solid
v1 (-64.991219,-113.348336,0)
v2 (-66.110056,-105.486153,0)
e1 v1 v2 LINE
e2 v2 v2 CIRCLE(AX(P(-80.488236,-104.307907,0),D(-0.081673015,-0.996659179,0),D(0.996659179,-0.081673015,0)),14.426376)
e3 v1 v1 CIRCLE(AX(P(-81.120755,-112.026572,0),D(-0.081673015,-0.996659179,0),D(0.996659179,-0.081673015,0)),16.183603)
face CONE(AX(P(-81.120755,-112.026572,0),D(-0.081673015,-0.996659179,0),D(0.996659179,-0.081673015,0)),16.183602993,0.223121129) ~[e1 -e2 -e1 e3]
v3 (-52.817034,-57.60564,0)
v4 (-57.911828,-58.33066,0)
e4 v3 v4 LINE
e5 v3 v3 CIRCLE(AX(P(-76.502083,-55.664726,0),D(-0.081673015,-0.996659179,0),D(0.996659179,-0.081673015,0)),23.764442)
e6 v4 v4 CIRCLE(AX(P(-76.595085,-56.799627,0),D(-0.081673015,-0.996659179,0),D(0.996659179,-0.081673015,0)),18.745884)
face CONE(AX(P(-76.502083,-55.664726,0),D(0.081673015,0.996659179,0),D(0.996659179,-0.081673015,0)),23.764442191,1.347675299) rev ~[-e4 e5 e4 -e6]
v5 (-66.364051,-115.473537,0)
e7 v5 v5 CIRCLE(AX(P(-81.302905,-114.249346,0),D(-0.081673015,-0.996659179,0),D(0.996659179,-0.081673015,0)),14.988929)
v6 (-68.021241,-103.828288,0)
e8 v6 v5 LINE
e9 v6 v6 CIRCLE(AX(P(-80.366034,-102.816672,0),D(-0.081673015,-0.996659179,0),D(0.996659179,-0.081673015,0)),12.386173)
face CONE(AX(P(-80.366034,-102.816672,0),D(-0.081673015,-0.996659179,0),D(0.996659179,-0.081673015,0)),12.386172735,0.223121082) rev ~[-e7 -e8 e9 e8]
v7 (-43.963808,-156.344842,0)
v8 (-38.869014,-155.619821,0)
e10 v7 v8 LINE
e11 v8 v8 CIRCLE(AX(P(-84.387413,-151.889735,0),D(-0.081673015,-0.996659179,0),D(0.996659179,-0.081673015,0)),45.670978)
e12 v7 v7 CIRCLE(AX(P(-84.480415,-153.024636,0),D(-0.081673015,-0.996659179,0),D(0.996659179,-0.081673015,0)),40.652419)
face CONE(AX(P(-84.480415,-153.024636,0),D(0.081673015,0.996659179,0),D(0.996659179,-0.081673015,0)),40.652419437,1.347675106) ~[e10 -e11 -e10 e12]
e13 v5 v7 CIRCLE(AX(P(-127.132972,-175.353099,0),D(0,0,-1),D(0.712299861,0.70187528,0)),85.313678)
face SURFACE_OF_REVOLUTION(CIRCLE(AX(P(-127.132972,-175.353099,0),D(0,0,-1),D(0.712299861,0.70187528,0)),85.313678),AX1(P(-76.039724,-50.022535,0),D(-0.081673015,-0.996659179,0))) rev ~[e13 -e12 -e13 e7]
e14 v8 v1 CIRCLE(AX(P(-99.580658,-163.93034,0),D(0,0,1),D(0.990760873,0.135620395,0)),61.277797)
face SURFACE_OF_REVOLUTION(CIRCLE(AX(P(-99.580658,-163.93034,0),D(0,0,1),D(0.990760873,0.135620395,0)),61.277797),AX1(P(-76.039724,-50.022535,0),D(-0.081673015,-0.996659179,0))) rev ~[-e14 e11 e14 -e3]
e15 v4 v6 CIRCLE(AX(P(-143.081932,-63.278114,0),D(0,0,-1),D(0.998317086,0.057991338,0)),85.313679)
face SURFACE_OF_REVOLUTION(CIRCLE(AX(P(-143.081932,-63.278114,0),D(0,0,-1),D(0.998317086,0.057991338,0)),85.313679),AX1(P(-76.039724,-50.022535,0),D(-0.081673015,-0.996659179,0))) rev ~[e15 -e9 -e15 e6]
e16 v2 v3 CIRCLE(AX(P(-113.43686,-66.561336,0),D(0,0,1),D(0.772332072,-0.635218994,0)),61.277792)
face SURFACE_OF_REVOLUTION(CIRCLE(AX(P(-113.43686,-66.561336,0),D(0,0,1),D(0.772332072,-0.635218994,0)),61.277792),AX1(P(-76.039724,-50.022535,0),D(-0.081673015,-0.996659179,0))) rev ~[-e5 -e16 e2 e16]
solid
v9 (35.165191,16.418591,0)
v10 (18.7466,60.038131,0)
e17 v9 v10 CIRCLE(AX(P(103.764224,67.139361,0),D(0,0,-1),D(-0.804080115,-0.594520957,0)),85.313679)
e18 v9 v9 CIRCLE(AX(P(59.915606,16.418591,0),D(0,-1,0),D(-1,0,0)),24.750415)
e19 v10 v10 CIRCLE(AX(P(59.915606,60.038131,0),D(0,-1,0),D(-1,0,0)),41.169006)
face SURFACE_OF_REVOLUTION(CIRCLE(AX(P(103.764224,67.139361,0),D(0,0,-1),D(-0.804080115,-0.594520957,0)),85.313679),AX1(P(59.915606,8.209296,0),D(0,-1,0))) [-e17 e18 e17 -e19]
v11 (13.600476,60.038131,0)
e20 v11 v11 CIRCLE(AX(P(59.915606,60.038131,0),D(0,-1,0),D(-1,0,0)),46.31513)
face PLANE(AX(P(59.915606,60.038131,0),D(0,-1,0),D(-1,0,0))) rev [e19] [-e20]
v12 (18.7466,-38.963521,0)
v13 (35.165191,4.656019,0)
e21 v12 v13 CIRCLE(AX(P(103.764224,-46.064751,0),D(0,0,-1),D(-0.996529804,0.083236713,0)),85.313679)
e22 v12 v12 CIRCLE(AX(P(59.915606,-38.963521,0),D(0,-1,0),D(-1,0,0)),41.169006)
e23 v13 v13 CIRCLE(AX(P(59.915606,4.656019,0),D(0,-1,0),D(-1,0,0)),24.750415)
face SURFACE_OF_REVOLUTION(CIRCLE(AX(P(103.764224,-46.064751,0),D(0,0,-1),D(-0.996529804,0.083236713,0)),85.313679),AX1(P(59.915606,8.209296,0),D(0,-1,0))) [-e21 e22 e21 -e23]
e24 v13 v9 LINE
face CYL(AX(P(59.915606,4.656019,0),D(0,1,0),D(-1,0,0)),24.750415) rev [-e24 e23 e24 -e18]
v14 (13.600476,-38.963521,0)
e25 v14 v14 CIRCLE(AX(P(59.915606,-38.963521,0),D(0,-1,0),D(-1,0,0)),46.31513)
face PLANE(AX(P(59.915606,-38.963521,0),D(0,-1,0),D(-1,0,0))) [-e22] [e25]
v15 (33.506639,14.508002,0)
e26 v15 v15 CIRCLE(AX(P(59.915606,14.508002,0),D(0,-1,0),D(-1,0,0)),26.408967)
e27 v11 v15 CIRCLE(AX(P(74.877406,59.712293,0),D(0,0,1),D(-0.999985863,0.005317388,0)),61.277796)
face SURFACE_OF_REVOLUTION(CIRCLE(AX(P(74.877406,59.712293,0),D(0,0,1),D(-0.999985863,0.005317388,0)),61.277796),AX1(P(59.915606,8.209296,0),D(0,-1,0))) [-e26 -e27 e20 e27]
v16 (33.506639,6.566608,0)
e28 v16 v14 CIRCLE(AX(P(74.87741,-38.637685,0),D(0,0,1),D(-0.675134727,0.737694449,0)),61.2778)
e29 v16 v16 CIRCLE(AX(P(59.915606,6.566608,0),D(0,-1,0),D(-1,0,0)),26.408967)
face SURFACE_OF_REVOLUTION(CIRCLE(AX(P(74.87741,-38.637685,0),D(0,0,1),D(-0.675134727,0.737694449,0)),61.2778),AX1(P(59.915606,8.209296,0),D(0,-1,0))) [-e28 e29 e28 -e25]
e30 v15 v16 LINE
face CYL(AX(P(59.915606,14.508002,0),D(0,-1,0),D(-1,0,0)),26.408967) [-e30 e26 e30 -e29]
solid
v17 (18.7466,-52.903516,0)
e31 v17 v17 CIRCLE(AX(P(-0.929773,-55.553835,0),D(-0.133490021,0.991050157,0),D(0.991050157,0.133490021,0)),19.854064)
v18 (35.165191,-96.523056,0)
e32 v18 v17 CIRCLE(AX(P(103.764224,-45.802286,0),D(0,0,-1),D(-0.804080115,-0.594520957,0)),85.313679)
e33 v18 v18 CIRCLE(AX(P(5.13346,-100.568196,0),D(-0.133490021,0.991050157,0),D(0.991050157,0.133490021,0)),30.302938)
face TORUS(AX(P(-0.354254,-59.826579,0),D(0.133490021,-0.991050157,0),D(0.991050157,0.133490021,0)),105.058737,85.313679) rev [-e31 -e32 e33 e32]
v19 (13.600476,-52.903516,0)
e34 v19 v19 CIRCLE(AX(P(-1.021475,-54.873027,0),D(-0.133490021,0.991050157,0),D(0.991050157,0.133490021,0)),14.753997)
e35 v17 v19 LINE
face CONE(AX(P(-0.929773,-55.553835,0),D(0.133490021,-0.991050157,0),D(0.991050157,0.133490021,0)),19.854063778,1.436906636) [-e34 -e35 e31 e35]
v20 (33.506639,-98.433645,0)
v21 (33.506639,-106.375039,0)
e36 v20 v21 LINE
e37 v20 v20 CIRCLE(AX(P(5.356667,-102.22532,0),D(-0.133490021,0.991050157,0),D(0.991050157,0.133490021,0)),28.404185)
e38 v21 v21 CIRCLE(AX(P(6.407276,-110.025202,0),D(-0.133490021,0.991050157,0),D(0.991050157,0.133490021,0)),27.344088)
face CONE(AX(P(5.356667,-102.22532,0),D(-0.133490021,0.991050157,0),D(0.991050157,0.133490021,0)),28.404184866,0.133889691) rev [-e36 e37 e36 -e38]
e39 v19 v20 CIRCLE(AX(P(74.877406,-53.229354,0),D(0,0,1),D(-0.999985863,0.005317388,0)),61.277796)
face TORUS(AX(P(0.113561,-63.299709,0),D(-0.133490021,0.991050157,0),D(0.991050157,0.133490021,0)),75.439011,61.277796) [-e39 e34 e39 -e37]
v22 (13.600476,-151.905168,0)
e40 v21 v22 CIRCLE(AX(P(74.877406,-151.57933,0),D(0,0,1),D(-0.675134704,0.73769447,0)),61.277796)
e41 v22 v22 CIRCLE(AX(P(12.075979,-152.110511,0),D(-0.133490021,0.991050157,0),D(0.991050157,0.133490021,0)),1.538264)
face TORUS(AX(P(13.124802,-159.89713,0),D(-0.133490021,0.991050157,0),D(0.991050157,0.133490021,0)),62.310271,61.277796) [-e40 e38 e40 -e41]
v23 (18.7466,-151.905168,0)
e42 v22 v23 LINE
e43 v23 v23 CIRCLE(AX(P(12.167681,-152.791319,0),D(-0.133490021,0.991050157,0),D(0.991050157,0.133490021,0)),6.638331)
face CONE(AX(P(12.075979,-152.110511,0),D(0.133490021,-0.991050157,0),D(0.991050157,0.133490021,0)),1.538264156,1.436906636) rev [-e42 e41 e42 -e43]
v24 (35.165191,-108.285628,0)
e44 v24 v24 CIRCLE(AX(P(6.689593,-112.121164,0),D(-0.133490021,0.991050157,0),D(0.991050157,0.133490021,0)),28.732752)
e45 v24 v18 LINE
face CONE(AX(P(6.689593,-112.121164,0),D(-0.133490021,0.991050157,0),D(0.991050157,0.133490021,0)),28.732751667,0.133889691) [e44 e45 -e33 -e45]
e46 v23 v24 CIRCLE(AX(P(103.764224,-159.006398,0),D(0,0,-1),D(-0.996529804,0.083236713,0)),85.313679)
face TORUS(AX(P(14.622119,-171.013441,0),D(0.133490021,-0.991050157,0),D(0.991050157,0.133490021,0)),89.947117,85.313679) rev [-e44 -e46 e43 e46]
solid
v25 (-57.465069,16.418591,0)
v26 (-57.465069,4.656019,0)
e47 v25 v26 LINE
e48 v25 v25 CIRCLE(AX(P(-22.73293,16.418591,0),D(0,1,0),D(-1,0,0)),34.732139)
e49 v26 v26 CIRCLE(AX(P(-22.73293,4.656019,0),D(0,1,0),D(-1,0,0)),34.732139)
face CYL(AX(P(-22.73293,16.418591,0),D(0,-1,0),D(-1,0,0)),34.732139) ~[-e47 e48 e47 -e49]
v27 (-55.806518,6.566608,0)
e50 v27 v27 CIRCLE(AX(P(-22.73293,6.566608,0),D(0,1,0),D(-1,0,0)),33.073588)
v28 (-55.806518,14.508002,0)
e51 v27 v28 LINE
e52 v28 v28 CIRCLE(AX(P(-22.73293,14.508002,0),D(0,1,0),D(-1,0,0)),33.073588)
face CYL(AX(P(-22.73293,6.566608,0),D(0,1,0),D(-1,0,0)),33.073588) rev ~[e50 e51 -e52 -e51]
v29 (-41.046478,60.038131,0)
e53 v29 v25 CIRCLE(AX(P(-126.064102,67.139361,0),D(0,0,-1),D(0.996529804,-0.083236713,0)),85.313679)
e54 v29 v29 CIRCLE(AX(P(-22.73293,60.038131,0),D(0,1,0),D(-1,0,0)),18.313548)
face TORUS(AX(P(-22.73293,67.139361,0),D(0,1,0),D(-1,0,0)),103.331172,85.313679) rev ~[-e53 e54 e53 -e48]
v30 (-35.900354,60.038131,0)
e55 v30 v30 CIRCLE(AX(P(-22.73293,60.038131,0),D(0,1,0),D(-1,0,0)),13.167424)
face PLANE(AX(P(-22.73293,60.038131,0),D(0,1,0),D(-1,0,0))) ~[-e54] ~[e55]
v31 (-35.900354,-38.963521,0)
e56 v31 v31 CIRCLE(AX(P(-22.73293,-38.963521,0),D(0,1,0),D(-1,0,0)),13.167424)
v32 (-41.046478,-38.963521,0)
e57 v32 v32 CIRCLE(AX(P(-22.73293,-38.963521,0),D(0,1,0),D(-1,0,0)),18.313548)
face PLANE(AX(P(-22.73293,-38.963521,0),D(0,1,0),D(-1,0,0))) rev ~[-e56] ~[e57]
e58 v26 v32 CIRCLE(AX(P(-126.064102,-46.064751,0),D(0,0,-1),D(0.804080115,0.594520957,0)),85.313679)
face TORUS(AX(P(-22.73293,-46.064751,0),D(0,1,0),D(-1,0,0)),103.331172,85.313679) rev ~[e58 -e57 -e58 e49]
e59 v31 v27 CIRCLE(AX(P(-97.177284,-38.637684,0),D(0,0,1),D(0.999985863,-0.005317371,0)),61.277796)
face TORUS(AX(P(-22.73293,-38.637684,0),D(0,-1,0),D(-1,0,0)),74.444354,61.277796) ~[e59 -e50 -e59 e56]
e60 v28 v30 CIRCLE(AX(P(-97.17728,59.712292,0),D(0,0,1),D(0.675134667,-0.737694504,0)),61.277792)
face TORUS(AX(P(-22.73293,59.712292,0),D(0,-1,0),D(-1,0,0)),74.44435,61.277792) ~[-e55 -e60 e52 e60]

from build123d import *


with BuildPart() as f1:
    # F0 (on Top) → F1 (revolve)
    with BuildSketch(Plane.XY):
        with BuildLine():
            ThreePointArc((-41.046478, 60.038131), (-46.219344, 37.085435), (-57.465069, 16.418591))
            Line((-57.465069, 16.418591), (-57.465069, 4.656019))
            ThreePointArc((-57.465069, 4.656019), (-46.219344, -16.010825), (-41.046478, -38.963521))
            Line((-41.046478, -38.963521), (-35.900354, -38.963521))
            ThreePointArc((-35.900354, -38.963521), (-41.031175, -14.090123), (-55.806518, 6.566608))
            Line((-55.806518, 6.566608), (-55.806518, 14.508002))
            ThreePointArc((-55.806518, 14.508002), (-41.031175, 35.164732), (-35.900354, 60.038131))
            Line((-35.900354, 60.038131), (-41.046478, 60.038131))
        make_face()
    revolve(axis=Axis((-22.73293, 8.333541, 0), (0, 1, 0)))


with BuildPart() as f2:
    # F0 (on Top) → F2 (revolve)
    with BuildSketch(Plane.XY):
        with BuildLine():
            Line((13.600476, -38.963521), (18.7466, -38.963521))
            ThreePointArc((18.7466, -38.963521), (23.919466, -16.010825), (35.165191, 4.656019))
            Line((35.165191, 4.656019), (35.165191, 16.418591))
            ThreePointArc((35.165191, 16.418591), (23.919466, 37.085435), (18.7466, 60.038131))
            Line((18.7466, 60.038131), (13.600476, 60.038131))
            ThreePointArc((13.600476, 60.038131), (18.731297, 35.164732), (33.506639, 14.508002))
            Line((33.506639, 14.508002), (33.506639, 6.566608))
            ThreePointArc((33.506639, 6.566608), (18.731297, -14.090123), (13.600476, -38.963521))
        make_face()
    revolve(axis=Axis((59.915606, 8.209296, 0), (0, -1, 0)))


with BuildPart() as f3:
    # F0 (on Top) → F3 (revolve)
    with BuildSketch(Plane.XY):
        with BuildLine():
            ThreePointArc((18.7466, -151.905168), (23.919466, -128.952472), (35.165191, -108.285628))
            Line((35.165191, -108.285628), (35.165191, -96.523056))
            ThreePointArc((35.165191, -96.523056), (23.919466, -75.856212), (18.7466, -52.903516))
            Line((18.7466, -52.903516), (13.600476, -52.903516))
            ThreePointArc((13.600476, -52.903516), (18.731297, -77.776915), (33.506639, -98.433645))
            Line((33.506639, -98.433645), (33.506639, -106.375039))
            ThreePointArc((33.506639, -106.375039), (18.731297, -127.031769), (13.600476, -151.905168))
            Line((13.600476, -151.905168), (18.7466, -151.905168))
        make_face()
    revolve(axis=Axis((2.42297, -80.445108, 0), (-0.13349, 0.99105, 0)))


with BuildPart() as f4:
    # F0 (on Top) → F4 (revolve)
    with BuildSketch(Plane.XY):
        with BuildLine():
            Line((-64.991219, -113.348336), (-66.110056, -105.486153))
            ThreePointArc((-66.110056, -105.486153), (-54.392346, -82.953808), (-52.817034, -57.60564))
            Line((-52.817034, -57.60564), (-57.911828, -58.33066))
            ThreePointArc((-57.911828, -58.33066), (-59.799368, -81.783207), (-68.021241, -103.828288))
            Line((-68.021241, -103.828288), (-66.364051, -115.473537))
            ThreePointArc((-66.364051, -115.473537), (-52.318809, -134.349871), (-43.963808, -156.344842))
            Line((-43.963808, -156.344842), (-38.869014, -155.619821))
            ThreePointArc((-38.869014, -155.619821), (-47.45299, -131.717382), (-64.991219, -113.348336))
        make_face()
    revolve(axis=Axis((-76.039724, -50.022535, 0), (-0.081673, -0.996659, 0)))


solid = Compound([f1.part, f2.part, f3.part, f4.part])
